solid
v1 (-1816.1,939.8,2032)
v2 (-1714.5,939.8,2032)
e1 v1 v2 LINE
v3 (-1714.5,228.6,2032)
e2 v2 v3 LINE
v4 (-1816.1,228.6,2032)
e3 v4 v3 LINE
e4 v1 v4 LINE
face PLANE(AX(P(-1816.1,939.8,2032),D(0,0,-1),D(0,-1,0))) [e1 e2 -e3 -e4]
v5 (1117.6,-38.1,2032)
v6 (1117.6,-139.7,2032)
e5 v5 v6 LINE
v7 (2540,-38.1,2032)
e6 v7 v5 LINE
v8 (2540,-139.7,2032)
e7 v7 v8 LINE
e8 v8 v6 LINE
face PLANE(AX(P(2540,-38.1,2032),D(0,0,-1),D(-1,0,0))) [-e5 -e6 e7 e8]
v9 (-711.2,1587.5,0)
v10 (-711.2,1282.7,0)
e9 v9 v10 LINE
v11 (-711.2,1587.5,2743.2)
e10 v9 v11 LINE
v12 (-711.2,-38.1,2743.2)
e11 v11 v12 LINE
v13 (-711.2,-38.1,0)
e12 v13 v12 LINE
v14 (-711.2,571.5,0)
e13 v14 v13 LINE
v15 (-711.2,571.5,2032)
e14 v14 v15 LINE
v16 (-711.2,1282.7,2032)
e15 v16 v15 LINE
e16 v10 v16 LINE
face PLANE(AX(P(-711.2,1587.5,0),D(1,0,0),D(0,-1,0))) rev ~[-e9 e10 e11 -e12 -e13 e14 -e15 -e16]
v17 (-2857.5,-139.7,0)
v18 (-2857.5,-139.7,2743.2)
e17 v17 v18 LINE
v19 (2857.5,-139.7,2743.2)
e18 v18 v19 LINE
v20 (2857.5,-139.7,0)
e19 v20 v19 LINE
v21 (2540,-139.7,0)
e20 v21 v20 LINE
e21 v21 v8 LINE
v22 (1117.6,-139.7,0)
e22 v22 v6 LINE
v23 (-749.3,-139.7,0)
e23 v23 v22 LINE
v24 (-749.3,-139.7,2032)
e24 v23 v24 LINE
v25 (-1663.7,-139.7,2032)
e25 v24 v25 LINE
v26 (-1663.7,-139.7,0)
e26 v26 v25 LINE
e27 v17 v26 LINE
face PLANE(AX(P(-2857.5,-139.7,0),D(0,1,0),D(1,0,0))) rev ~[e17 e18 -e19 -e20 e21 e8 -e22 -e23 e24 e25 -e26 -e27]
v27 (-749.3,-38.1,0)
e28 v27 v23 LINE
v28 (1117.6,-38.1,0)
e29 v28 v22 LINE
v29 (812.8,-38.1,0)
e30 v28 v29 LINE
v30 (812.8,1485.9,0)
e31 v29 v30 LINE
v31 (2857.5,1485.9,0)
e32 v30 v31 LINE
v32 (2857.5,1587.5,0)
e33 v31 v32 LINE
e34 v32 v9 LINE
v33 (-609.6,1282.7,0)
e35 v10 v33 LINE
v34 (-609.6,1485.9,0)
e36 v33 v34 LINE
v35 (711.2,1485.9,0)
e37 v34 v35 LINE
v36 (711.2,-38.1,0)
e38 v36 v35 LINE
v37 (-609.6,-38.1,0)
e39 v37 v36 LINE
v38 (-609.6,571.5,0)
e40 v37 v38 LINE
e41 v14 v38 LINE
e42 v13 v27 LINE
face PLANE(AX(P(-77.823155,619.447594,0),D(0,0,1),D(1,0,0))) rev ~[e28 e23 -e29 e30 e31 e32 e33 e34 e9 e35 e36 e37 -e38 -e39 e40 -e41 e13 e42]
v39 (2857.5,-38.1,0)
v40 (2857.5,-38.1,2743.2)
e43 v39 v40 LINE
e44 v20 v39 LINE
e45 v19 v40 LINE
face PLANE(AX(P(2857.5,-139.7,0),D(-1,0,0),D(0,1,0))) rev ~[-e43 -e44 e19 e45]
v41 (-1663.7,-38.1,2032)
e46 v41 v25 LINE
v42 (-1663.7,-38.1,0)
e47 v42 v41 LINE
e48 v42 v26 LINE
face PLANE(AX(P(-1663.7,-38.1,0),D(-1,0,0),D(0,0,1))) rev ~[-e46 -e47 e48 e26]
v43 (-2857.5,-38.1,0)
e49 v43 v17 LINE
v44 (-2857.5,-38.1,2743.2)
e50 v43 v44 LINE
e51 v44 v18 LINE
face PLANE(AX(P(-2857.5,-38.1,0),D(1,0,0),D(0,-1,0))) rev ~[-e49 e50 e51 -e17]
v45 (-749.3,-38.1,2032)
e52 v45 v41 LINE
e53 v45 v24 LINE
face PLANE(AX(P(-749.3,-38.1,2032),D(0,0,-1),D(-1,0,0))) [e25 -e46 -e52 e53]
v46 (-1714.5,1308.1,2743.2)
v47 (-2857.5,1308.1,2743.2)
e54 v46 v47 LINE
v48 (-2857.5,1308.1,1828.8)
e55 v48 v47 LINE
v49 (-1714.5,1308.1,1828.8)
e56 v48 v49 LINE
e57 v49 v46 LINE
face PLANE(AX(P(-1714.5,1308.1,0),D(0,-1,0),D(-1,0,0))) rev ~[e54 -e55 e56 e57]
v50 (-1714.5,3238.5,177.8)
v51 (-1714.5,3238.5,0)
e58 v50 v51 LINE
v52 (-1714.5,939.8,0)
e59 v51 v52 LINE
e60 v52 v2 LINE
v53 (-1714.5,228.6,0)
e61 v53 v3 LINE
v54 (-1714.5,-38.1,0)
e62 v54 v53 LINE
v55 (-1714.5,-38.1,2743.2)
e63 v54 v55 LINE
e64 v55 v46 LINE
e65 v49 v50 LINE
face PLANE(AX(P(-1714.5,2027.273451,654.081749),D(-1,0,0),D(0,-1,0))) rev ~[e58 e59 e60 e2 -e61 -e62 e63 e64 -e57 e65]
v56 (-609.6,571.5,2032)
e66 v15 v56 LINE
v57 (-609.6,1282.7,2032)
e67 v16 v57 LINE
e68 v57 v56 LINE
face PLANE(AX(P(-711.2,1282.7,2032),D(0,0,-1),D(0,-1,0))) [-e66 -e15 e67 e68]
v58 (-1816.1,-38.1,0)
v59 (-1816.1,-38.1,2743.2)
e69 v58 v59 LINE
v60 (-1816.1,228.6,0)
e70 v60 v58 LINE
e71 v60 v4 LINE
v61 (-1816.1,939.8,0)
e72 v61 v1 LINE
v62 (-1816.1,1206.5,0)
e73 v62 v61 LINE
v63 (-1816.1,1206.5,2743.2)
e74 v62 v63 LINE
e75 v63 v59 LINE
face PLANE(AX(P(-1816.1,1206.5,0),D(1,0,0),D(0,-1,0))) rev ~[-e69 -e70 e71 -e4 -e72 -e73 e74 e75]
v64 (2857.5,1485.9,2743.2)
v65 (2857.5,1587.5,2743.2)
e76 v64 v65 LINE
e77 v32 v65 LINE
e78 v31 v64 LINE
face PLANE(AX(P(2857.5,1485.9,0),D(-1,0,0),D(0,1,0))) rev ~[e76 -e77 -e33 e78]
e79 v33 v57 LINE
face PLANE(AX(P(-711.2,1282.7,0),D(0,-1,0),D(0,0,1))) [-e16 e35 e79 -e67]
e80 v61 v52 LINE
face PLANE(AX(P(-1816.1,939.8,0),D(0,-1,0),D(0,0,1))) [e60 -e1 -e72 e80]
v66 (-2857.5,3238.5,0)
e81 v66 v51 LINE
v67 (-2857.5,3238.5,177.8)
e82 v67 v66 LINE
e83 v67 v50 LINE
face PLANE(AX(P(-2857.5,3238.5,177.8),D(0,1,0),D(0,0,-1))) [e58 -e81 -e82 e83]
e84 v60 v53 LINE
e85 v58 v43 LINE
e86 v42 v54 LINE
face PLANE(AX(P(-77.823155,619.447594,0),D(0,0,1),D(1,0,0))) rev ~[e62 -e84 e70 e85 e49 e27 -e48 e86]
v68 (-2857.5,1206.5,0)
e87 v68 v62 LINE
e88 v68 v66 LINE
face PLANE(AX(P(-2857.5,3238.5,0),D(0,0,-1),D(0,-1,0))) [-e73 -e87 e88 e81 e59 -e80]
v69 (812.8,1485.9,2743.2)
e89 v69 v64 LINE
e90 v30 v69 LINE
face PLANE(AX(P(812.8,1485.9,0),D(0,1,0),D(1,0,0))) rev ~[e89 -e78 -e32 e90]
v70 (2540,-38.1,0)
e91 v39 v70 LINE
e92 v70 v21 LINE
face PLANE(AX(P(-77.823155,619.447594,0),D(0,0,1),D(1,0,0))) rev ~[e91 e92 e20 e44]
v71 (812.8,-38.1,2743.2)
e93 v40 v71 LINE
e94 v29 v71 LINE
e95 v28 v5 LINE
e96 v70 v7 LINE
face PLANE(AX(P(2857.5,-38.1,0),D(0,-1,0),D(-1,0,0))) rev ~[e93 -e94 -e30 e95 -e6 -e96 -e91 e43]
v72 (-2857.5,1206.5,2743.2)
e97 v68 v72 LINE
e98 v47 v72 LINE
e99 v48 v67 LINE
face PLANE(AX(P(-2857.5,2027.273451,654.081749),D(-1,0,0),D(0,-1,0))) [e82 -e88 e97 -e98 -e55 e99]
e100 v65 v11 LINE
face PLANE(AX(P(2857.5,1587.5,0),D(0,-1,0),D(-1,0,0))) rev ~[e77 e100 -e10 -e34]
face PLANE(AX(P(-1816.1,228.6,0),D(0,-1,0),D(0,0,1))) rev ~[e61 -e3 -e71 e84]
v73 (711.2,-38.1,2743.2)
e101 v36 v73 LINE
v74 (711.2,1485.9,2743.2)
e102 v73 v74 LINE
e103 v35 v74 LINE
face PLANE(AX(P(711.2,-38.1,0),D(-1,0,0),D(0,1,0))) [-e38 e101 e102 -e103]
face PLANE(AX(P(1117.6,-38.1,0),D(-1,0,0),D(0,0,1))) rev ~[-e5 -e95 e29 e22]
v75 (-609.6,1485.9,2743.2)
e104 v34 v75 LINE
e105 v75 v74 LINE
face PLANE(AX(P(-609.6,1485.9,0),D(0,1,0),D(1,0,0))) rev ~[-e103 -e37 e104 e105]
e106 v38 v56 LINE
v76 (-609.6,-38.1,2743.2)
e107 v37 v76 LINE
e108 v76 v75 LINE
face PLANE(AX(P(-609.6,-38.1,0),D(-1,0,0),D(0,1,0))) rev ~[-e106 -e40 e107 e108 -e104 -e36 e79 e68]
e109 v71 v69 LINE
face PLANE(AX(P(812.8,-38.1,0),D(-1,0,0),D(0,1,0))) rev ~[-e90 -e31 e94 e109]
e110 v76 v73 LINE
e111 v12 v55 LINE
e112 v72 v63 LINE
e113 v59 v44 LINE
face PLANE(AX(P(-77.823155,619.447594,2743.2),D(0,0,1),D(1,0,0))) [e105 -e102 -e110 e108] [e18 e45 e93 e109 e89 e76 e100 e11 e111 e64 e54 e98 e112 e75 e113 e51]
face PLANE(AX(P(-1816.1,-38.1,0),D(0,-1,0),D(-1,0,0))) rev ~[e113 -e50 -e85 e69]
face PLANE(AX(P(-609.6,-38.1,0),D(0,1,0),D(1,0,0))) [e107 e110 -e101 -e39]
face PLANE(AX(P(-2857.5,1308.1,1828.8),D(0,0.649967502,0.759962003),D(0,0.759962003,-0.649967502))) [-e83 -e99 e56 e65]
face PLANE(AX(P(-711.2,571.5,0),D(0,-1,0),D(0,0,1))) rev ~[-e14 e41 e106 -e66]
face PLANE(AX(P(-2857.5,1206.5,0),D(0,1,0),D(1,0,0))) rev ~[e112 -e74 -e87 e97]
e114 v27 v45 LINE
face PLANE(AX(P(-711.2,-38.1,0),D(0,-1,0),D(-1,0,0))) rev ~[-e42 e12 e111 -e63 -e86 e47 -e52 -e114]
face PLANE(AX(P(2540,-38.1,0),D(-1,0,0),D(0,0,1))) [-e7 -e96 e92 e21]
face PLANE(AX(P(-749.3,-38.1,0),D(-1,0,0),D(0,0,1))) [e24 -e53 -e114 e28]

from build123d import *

# Parameters (mm, degrees)
F0_W      = 1320.8
F0_H      = 1524
F1_DEPTH  = 2743.2
F2_W      = 1422.4
F2_H      = 2032
F3_DEPTH  = 101.6
F4_W      = 711.2
F4_H      = 2032
F5_DEPTH  = 101.6
F6_W      = 914.4
F6_H      = 2032
F7_DEPTH  = 101.6
F8_W      = 711.2
F8_H      = 2032
F9_DEPTH  = 101.6
F11_DEPTH = 1143


with BuildPart() as f1:
    # F0 (on Top) → F1 (new body)
    with BuildSketch(Plane.XY):
        Polygon((-1714.5, 1308.1), (-2857.5, 1308.1), (-2857.5, 1206.5), (-1816.1, 1206.5), (-1816.1, -38.1), (-2857.5, -38.1), (-2857.5, -139.7), (2857.5, -139.7), (2857.5, -38.1), (812.8, -38.1), (812.8, 1485.9), (2857.5, 1485.9), (2857.5, 1587.5), (-711.2, 1587.5), (-711.2, -38.1), (-1714.5, -38.1), align=None)
        with Locations((50.8, 723.9)):
            Rectangle(F0_W, F0_H, mode=Mode.SUBTRACT)
    extrude(amount=F1_DEPTH)

    # F2 (on face) → F3 (cut)
    with BuildSketch(Plane(origin=(0, -38.1, 0), x_dir=(-1, 0, 0), z_dir=(0, 1, 0))):
        with Locations((-1828.8, 1016)):
            Rectangle(F2_W, F2_H)
    extrude(amount=-F3_DEPTH, mode=Mode.SUBTRACT)

    # F4 (on face) → F5 (cut)
    with BuildSketch(Plane(origin=(-711.2, 0, 0), x_dir=(0, -1, 0), z_dir=(-1, 0, 0))):
        with Locations((-927.1, 1016)):
            Rectangle(F4_W, F4_H)
    extrude(amount=-F5_DEPTH, mode=Mode.SUBTRACT)

    # F6 (on face) → F7 (cut)
    with BuildSketch(Plane(origin=(0, -38.1, 0), x_dir=(-1, 0, 0), z_dir=(0, 1, 0))):
        with Locations((1206.5, 1016)):
            Rectangle(F6_W, F6_H)
    extrude(amount=-F7_DEPTH, mode=Mode.SUBTRACT)

    # F8 (on face) → F9 (cut)
    with BuildSketch(Plane(origin=(-1816.1, 0, 0), x_dir=(0, -1, 0), z_dir=(-1, 0, 0))):
        with Locations((-584.2, 1016)):
            Rectangle(F8_W, F8_H)
    extrude(amount=-F9_DEPTH, mode=Mode.SUBTRACT)

    # F10 (on face) → F11 (join, through all)
    with BuildSketch(Plane(origin=(-2857.5, 0, 0), x_dir=(0, -1, 0), z_dir=(-1, 0, 0))):
        Polygon((-3238.5, 0), (-1308.1, 0), (-1308.1, 1828.8), (-3238.5, 177.8), align=None)
    extrude(amount=-F11_DEPTH)


solid = f1.part
